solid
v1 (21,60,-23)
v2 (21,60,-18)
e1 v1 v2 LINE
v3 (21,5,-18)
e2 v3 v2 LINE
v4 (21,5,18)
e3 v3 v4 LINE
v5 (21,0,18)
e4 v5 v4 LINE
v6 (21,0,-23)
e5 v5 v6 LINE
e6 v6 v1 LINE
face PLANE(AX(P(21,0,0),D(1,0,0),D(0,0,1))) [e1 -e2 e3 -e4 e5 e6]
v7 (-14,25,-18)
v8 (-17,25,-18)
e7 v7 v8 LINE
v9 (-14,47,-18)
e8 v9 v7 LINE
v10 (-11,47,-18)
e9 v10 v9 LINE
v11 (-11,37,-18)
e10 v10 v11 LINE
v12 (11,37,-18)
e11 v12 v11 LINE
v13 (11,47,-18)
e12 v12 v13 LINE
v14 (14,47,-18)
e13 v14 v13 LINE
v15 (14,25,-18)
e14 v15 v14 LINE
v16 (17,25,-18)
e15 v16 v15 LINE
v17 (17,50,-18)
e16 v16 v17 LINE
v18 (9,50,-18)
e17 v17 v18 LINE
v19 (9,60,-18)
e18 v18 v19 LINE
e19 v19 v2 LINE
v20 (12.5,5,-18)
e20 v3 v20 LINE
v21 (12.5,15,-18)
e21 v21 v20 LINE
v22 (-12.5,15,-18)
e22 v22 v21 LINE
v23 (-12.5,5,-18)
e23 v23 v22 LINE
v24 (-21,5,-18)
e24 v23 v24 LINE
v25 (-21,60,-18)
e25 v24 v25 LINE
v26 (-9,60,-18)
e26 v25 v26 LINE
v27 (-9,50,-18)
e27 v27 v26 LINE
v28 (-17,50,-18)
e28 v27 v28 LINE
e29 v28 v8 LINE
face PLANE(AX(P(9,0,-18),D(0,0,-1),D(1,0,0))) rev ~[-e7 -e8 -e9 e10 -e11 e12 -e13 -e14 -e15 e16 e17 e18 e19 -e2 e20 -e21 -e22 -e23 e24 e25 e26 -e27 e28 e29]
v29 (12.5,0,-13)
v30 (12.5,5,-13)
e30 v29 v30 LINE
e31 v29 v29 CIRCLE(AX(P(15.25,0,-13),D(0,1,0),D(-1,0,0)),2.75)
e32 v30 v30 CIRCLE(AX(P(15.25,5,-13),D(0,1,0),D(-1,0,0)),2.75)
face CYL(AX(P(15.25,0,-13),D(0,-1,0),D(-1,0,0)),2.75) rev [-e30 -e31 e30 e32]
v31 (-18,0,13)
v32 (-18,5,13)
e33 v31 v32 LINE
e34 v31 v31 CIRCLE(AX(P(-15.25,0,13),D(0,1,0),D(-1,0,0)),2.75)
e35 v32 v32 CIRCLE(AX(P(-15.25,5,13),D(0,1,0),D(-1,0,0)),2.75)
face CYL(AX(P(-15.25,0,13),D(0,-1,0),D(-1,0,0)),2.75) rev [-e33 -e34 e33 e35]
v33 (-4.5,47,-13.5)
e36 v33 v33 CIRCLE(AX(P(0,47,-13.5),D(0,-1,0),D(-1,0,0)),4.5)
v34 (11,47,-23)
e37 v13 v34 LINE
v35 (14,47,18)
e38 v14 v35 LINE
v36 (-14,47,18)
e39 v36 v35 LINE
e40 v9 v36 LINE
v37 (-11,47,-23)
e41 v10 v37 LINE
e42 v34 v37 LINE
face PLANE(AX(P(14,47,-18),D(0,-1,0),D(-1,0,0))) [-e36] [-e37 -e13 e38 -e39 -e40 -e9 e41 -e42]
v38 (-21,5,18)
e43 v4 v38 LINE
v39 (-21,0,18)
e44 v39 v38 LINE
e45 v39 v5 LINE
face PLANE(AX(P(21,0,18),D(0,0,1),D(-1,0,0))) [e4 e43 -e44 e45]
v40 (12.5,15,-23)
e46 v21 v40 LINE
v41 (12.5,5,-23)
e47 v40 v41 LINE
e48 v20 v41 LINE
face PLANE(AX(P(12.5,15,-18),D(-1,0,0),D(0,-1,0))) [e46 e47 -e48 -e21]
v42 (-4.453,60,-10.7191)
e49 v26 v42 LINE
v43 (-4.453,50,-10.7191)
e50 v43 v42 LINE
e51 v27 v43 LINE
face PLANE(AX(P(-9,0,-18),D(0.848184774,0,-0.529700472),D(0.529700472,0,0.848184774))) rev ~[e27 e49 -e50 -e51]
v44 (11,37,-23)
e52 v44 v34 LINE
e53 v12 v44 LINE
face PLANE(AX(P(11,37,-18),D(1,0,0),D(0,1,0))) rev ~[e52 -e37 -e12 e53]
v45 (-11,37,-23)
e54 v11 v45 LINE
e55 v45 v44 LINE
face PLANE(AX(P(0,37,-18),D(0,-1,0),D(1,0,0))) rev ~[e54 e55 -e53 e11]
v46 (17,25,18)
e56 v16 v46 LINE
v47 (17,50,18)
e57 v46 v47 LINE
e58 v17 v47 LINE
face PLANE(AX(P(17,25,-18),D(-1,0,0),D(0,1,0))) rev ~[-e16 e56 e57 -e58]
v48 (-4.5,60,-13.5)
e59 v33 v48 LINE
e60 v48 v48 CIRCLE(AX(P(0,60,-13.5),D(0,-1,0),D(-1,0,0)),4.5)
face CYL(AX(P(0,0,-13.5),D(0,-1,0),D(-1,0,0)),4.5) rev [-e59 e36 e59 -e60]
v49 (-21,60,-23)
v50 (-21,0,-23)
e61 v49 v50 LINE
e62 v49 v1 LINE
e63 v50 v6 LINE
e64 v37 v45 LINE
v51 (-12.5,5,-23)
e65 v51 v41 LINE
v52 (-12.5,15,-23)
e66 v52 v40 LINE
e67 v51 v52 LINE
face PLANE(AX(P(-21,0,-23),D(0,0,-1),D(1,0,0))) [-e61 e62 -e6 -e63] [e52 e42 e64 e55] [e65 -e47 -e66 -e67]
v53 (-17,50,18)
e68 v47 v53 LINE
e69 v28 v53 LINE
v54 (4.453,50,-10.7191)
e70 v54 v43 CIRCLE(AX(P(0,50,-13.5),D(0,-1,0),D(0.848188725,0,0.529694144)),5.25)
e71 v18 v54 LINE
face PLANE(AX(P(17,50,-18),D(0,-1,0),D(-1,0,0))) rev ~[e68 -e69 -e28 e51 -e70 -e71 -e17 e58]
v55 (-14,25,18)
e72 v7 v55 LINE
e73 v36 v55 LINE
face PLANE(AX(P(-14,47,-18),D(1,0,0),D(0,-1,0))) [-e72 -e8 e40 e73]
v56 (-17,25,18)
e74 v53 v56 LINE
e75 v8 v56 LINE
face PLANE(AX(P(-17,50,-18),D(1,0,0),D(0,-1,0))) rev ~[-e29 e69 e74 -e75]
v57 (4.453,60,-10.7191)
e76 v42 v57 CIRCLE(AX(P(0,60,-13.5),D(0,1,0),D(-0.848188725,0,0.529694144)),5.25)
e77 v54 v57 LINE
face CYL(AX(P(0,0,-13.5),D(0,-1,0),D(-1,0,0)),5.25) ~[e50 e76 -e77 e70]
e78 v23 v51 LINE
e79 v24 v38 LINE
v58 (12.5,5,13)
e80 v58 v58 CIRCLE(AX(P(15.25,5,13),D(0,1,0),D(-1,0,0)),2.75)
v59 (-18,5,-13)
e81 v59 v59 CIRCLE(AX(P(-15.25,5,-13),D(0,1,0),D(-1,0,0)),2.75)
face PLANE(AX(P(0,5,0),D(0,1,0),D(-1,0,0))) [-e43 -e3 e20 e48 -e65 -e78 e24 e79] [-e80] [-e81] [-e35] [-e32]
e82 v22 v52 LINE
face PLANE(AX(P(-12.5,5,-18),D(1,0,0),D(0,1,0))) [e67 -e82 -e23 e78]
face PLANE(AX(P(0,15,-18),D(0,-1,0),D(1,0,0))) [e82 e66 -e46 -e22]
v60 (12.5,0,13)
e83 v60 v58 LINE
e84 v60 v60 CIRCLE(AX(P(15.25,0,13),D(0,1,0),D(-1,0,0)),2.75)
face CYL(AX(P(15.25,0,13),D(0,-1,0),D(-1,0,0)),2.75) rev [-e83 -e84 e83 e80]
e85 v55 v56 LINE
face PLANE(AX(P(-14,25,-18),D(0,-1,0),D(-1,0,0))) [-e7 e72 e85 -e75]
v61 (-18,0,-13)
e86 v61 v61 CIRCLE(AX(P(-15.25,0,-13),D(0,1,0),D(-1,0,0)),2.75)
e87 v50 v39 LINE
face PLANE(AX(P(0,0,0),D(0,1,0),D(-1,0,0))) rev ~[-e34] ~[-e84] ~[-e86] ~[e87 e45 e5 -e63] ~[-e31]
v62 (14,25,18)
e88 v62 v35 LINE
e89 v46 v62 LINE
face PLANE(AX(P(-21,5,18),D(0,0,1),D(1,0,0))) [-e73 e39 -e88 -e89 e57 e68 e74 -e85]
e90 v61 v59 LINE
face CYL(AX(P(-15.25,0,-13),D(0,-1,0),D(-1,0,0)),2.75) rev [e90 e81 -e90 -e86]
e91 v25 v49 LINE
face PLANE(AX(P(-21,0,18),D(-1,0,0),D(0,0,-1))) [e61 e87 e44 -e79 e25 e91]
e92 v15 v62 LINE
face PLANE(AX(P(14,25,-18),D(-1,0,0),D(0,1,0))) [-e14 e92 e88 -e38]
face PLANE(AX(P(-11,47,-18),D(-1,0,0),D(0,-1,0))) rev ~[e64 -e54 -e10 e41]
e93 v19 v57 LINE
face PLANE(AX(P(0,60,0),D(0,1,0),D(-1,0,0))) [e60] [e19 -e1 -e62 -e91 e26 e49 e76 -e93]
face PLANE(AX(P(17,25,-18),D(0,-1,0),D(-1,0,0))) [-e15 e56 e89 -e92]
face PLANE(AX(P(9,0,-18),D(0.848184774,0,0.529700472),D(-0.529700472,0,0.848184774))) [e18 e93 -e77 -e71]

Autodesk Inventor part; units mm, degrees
ref_plane "YZ Plane" through (0, 0, 0) normal (1, 0, 0) x (0, 1, 0)
ref_plane "XZ Plane" through (0, 0, 0) normal (0, 1, 0) x (-1, 0, 0)
ref_plane "XY Plane" through (0, 0, 0) normal (0, 0, 1) x (1, 0, 0)
sketch "Szkic1" plane through (0, 0, 0) normal (0, 1, 0) x (-1, 0, 0)
  line L0 (-21, 18) -> (21, 18)
  line L1 (21, 18) -> (21, -18)
  line L2 (21, -18) -> (-21, -18)
  line L3 (-21, -18) -> (-21, 18)
  line L4 (-21, 18) -> (21, -18) construction
  line L5 (21, 18) -> (-21, -18) construction
  circle A0 centre (-15.25, -13) radius 2.75
  line L6 (0, 18) -> (0, -18)
  line L7 (-21, 0) -> (21, 0)
  circle A1 centre (-15.25, 13) radius 2.75
  line L8 (0, -18) -> (0, 18)
  circle A2 centre (15.25, -13) radius 2.75
  circle A3 centre (15.25, 13) radius 2.75
  line L9 (-21, -18) -> (20.4575, -18)
  line L10 (-21, -18) -> (21, -18)
  line L11 (21, -18) -> (21, -23)
  line L12 (21, -23) -> (-21, -23)
  line L13 (-21, -23) -> (-21, -18)
  circle A4 centre (0, -13.5) radius 4.5
  circle A5 centre (0, -13.5) radius 5.25
  line L14 (9, -18) -> (4.453, -10.7191)
  line L15 (-9, -18) -> (-4.453, -10.7191)
  point P0 (0, 0)
  point P1 (-21, -20.5)
  point P2 (0, -18)
  dimension "d11" = 10.5
  dimension "W12" = 42
  dimension "L12" = 36
  dimension "d2" = 5.5
  dimension "d3" = 5.75
  dimension "d4" = 5
  dimension "d6" = 5
  dimension "d7" = 42
  dimension "SrPopr" = 9
  dimension "d9" = 4.5
  dimension "d12" = 9
extrude "Wyciągnięcie proste1" add sketch "Szkic1" along normal blind 5
extrude "Wyciągnięcie proste2" add sketch "Szkic1" along normal blind 60 contours L2 A5 L11 L12 L13 | A5 L2 A4 L6 | L6 A4 L2 A5 | L15 A5 L2 | L14 L2 A5 | L2 A5
extrude "Wyciągnięcie proste3" cut sketch "Szkic1" along normal blind 50 contours A5 L2 A4 L6 | L6 A4 L2 A5 | L15 A5 L2 | L14 L2 A5
extrude "Wyciągnięcie proste4" add sketch "Szkic1" along normal blind 5 contours A5 L2 A4 L6 | L6 A4 L2 A5 | L15 A5 L2 | L14 L2 A5
sketch "Szkic3" plane through (-21, 5, -18) normal (0, 0, 1) x (1, 0, 0)
  line L0 (42, 0) -> (0, 0) projected
  line L1 (42, 0) -> (42, 55) projected
  line L2 (30, 55) -> (42, 55) projected
  line L3 (30, 45) -> (30, 55) projected
  line L4 (30, 45) -> (21, 45) projected
  line L5 (21, 45) -> (12, 45) projected
  line L6 (12, 45) -> (12, 55) projected
  line L7 (0, 55) -> (12, 55) projected
  line L8 (0, 0) -> (0, 55) projected
  line L9 (35, 42) -> (7, 42)
  line L10 (7, 42) -> (7, 0)
  line L11 (7, 0) -> (35, 0)
  line L12 (35, 0) -> (35, 42)
  line L13 (35, 42) -> (7, 0) construction
  line L14 (7, 42) -> (35, 0) construction
  line L15 (42, 0) -> (42, 55) projected
  line L16 (0, 0) -> (0, 55) projected
  line L17 (0, 0) -> (42, 0) projected
  line L18 (21, 0) -> (21, 42)
  line L19 (38, 0) -> (38, 45)
  line L20 (4, 45) -> (4, 0)
  line L21 (38, 45) -> (4, 45)
  line L22 (33.5, 0) -> (8.5, 0)
  line L23 (8.5, 0) -> (8.5, 10)
  line L24 (8.5, 10) -> (33.5, 10)
  line L25 (33.5, 10) -> (33.5, 0)
  line L26 (32, 42) -> (10, 42)
  line L27 (10, 42) -> (10, 32)
  line L28 (10, 32) -> (32, 32)
  line L29 (32, 32) -> (32, 42)
  line L30 (38, 20) -> (4, 20)
  point P0 (21, -5)
  point P1 (21, 21)
  point P2 (21, 0)
  point P3 (4, 0)
  point P4 (38, 0)
  point P5 (8.5, 0)
  point P6 (33.5, 0)
  point P7 (35, 20)
  point P8 (7, 20)
  dimension "d21" = 28
  dimension "d22" = 42
  dimension "GruboscAku" = 3
  dimension "d33" = 3
  dimension "d34" = 10
  dimension "d35" = 25
  dimension "d36" = 10
  dimension "d37" = 22
  dimension "d42" = 20
extrude "Wyciągnięcie proste5" add sketch "Szkic3" along normal blind 36 contours L30 L12 L9 L10 L20 L21 L5 L4 L19
extrude "Wyciągnięcie proste6" cut sketch "Szkic3" against normal blind 5 contours L0 L18 L24 L25 | L0 L23 L24 L18 | L29 L28 L18 L9 | L28 L27 L9 L18
extrude "Wyciągnięcie proste7" cut sketch "Szkic1" along normal blind 50 contours A4 L6 | L6 A4
extrude "Wyciągnięcie proste8" add sketch "Szkic1" along normal blind 5 contours A4 L6 | L6 A4
equation "\"d7\" = W12"
equation "\"d9\" = 0.5 * SrPopr"
equation "\"d33\" = GruboscAku"
properties part number "KatownikNowy"
